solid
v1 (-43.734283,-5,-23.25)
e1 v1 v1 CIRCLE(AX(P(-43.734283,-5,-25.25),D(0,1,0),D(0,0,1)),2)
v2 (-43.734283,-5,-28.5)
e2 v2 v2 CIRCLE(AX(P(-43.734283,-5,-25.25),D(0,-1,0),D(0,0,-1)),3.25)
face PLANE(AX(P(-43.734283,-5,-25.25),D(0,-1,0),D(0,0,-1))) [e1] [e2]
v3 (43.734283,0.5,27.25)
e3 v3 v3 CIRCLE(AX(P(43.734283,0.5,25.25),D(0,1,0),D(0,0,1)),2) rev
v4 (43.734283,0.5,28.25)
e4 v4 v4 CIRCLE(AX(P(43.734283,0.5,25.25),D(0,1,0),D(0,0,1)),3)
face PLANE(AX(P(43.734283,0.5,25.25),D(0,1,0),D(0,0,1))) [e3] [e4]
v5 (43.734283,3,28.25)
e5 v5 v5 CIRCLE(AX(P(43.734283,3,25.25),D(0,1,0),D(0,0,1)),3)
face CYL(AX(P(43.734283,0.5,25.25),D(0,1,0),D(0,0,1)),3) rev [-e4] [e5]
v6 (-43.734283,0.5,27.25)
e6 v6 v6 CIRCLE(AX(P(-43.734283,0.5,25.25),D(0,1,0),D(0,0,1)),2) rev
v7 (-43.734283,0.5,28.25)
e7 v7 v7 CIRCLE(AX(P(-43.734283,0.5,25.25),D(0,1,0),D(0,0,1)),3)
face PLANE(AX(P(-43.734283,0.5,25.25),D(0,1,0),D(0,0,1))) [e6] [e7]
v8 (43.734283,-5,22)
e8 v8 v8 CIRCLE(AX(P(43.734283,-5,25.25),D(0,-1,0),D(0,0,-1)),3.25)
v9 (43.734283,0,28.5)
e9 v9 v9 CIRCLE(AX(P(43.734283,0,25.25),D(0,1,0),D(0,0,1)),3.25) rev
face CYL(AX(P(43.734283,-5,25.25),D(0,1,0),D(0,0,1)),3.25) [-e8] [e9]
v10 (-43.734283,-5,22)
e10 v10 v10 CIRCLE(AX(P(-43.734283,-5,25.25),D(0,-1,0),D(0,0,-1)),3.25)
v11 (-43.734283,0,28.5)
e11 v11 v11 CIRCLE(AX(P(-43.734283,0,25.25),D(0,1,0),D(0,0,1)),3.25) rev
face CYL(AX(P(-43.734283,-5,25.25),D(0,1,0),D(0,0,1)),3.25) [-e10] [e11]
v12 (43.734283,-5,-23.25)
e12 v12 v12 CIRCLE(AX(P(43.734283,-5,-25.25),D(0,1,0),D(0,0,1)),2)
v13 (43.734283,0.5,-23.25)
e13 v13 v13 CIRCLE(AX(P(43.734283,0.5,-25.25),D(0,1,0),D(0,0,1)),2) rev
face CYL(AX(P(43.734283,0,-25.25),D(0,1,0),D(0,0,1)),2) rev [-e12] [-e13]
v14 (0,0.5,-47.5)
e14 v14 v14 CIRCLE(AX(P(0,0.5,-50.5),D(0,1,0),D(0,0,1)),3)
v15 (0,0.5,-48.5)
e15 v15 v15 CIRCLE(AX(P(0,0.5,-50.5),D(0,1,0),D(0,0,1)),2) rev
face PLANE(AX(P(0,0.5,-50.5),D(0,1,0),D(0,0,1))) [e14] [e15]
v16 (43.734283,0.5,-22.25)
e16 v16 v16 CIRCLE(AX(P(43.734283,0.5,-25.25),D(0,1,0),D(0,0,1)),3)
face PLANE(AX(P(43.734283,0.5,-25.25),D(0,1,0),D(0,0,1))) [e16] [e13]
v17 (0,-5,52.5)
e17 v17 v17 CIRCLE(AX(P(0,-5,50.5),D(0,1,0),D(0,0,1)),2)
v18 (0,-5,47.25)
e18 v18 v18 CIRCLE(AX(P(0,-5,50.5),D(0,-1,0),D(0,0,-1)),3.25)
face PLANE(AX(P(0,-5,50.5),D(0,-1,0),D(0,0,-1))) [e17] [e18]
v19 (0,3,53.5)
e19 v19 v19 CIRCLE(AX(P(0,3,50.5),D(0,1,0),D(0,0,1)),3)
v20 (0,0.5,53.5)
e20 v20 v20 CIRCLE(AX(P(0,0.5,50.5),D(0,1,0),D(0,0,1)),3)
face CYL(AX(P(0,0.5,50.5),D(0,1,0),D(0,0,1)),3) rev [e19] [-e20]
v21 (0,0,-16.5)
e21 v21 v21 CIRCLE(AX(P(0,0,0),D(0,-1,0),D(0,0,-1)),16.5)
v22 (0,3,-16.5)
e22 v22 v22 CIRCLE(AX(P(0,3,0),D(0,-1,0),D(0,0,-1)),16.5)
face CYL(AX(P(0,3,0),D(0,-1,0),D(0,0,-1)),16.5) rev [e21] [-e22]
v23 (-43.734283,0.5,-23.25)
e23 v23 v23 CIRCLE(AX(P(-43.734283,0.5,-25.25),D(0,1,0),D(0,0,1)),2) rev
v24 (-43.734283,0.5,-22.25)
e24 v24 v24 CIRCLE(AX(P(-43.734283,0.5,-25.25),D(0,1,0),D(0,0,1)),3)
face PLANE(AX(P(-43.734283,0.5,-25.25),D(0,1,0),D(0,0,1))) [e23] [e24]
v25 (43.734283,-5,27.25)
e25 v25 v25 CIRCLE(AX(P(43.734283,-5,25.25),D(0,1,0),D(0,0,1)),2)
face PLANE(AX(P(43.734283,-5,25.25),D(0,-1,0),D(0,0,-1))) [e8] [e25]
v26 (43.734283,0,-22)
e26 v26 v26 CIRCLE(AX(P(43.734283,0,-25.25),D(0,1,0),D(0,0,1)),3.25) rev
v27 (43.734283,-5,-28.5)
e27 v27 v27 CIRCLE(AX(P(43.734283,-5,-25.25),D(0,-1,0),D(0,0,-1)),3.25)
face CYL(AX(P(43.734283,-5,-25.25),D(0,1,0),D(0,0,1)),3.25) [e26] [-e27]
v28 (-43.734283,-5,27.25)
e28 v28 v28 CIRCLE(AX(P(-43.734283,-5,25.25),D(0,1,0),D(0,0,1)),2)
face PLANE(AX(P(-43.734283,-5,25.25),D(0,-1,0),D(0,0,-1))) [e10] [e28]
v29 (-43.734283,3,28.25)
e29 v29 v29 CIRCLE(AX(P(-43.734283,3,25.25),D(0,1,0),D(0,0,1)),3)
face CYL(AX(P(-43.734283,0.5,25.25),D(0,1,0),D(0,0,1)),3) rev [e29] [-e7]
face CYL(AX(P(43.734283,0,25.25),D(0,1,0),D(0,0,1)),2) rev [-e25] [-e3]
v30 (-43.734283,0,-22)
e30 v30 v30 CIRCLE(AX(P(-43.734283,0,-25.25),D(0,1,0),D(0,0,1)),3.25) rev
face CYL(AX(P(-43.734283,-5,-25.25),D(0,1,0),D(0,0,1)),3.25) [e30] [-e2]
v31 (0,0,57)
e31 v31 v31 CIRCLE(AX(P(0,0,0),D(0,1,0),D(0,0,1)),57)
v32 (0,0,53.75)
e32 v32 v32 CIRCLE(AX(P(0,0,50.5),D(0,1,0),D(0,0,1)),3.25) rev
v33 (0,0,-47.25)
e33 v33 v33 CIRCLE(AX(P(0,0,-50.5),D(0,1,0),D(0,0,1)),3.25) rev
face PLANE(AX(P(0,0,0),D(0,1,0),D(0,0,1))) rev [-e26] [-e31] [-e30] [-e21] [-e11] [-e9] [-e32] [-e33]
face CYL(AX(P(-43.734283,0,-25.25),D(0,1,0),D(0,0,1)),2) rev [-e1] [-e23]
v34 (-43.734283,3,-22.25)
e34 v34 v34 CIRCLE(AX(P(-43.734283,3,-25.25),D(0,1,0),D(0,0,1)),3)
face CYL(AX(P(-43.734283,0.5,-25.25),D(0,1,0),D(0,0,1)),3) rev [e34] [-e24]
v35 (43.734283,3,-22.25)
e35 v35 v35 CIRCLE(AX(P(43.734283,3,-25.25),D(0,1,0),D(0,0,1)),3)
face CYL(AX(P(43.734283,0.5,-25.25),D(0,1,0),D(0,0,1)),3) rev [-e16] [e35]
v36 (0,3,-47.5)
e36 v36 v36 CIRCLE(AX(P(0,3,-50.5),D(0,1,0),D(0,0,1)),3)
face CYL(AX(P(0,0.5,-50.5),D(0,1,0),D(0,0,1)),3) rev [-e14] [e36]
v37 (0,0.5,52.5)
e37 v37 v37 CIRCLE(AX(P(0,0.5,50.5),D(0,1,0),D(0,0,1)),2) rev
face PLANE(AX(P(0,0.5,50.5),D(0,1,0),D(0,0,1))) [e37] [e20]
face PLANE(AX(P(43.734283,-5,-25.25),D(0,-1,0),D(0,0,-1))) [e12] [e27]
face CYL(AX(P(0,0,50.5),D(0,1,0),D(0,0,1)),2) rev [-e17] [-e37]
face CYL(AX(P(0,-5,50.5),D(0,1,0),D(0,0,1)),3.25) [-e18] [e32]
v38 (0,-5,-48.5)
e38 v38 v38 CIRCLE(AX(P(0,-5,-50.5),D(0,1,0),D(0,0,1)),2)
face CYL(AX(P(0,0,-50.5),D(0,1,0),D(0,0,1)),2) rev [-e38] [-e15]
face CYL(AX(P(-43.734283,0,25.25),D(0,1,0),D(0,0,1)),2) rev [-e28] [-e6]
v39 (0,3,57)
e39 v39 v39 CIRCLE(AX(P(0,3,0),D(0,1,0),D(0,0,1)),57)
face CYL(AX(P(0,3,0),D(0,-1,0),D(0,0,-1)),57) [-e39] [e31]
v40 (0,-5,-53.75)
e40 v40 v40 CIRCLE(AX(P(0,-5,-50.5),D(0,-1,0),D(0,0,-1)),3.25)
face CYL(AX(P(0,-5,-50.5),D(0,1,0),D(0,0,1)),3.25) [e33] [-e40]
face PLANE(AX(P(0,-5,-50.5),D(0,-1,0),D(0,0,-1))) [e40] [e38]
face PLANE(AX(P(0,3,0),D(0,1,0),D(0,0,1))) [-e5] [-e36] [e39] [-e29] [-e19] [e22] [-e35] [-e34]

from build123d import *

# Parameters (mm, degrees)
SKETCH1_R           = 57
BOSS_EXTRUDE1_DEPTH = 3
SKETCH2_R           = 2
CUT_EXTRUDE1_DEPTH  = 81.665977958
CIRPATTERN1_COUNT   = 6
SKETCH5_R           = 3.25
BOSS_EXTRUDE2_DEPTH = 5
SKETCH4_R           = 16.5
CUT_EXTRUDE3_DEPTH  = 81.765091469
SKETCH8_R           = 2
CUT_EXTRUDE4_DEPTH  = 82.006172604
SKETCH9_R           = 3
CUT_EXTRUDE5_DEPTH  = 2.5


with BuildPart() as part:
    # Sketch1 → Boss-Extrude1 (new body)
    with BuildSketch(Plane(origin=(0, 0, 0), x_dir=(1, 0, 0), z_dir=(0, 1, 0))):
        with Locations(Location((0, 0, 0), (0, 0, 270))):
            Circle(SKETCH1_R)
    extrude(amount=BOSS_EXTRUDE1_DEPTH)

    # Sketch2 → Cut-Extrude1 (cut, through all)
    with BuildSketch(Plane(origin=(0, 3, 0), x_dir=(1, 0, 0), z_dir=(0, 1, 0))):
        with Locations(Location((0, 50.5, 0), (0, 0, 270))):
            Circle(SKETCH2_R)
    cut_extrude1 = extrude(amount=-CUT_EXTRUDE1_DEPTH, mode=Mode.SUBTRACT)

    # CirPattern1: Cut-Extrude1 ×6 about axis
    cirpattern1_axis = Axis((0, 0, 0), (0, 1, 0))
    for i in range(1, CIRPATTERN1_COUNT):
        add(cut_extrude1.rotate(cirpattern1_axis, i * 360 / CIRPATTERN1_COUNT), mode=Mode.SUBTRACT)

    # Sketch5 → Boss-Extrude2 (add)
    with BuildSketch(Plane.XZ):
        with Locations(Location((0, 50.5, 0), (0, 0, 90))):
            Circle(SKETCH5_R)
        with Locations(Location((43.734282891, 25.25, 0), (0, 0, 90))):
            Circle(SKETCH5_R)
        with Locations(Location((43.734282891, -25.25, 0), (0, 0, 90))):
            Circle(SKETCH5_R)
        with Locations(Location((0, -50.5, 0), (0, 0, 90))):
            Circle(SKETCH5_R)
        with Locations(Location((-43.734282891, -25.25, 0), (0, 0, 90))):
            Circle(SKETCH5_R)
        with Locations(Location((-43.734282891, 25.25, 0), (0, 0, 90))):
            Circle(SKETCH5_R)
    extrude(amount=BOSS_EXTRUDE2_DEPTH)

    # Sketch4 → Cut-Extrude3 (cut, through all)
    with BuildSketch(Plane.XZ):
        with Locations(Location((0, 0, 0), (0, 0, 270))):
            Circle(SKETCH4_R)
    extrude(amount=-CUT_EXTRUDE3_DEPTH, mode=Mode.SUBTRACT)

    # Sketch8 → Cut-Extrude4 (cut, through all)
    with BuildSketch(Plane(origin=(0, 3, 0), x_dir=(1, 0, 0), z_dir=(0, 1, 0))):
        with Locations(Location((-43.734282891, -25.25, 0), (0, 0, 270))):
            Circle(SKETCH8_R)
        with Locations(Location((0, -50.5, 0), (0, 0, 270))):
            Circle(SKETCH8_R)
        with Locations(Location((43.734282891, -25.25, 0), (0, 0, 270))):
            Circle(SKETCH8_R)
        with Locations(Location((43.734282891, 25.25, 0), (0, 0, 270))):
            Circle(SKETCH8_R)
        with Locations(Location((0, 50.5, 0), (0, 0, 270))):
            Circle(SKETCH8_R)
        with Locations(Location((-43.734282891, 25.25, 0), (0, 0, 270))):
            Circle(SKETCH8_R)
    extrude(amount=-CUT_EXTRUDE4_DEPTH, mode=Mode.SUBTRACT)

    # Sketch9 → Cut-Extrude5 (cut)
    with BuildSketch(Plane(origin=(0, 3, 0), x_dir=(1, 0, 0), z_dir=(0, 1, 0))):
        with Locations(Location((-43.734282891, 25.25, 0), (0, 0, 270))):
            Circle(SKETCH9_R)
        with Locations(Location((0, 50.5, 0), (0, 0, 270))):
            Circle(SKETCH9_R)
        with Locations(Location((43.734282891, 25.25, 0), (0, 0, 270))):
            Circle(SKETCH9_R)
        with Locations(Location((43.734282891, -25.25, 0), (0, 0, 270))):
            Circle(SKETCH9_R)
        with Locations(Location((0, -50.5, 0), (0, 0, 270))):
            Circle(SKETCH9_R)
        with Locations(Location((-43.734282891, -25.25, 0), (0, 0, 270))):
            Circle(SKETCH9_R)
    extrude(amount=-CUT_EXTRUDE5_DEPTH, mode=Mode.SUBTRACT)


solid = part.part
